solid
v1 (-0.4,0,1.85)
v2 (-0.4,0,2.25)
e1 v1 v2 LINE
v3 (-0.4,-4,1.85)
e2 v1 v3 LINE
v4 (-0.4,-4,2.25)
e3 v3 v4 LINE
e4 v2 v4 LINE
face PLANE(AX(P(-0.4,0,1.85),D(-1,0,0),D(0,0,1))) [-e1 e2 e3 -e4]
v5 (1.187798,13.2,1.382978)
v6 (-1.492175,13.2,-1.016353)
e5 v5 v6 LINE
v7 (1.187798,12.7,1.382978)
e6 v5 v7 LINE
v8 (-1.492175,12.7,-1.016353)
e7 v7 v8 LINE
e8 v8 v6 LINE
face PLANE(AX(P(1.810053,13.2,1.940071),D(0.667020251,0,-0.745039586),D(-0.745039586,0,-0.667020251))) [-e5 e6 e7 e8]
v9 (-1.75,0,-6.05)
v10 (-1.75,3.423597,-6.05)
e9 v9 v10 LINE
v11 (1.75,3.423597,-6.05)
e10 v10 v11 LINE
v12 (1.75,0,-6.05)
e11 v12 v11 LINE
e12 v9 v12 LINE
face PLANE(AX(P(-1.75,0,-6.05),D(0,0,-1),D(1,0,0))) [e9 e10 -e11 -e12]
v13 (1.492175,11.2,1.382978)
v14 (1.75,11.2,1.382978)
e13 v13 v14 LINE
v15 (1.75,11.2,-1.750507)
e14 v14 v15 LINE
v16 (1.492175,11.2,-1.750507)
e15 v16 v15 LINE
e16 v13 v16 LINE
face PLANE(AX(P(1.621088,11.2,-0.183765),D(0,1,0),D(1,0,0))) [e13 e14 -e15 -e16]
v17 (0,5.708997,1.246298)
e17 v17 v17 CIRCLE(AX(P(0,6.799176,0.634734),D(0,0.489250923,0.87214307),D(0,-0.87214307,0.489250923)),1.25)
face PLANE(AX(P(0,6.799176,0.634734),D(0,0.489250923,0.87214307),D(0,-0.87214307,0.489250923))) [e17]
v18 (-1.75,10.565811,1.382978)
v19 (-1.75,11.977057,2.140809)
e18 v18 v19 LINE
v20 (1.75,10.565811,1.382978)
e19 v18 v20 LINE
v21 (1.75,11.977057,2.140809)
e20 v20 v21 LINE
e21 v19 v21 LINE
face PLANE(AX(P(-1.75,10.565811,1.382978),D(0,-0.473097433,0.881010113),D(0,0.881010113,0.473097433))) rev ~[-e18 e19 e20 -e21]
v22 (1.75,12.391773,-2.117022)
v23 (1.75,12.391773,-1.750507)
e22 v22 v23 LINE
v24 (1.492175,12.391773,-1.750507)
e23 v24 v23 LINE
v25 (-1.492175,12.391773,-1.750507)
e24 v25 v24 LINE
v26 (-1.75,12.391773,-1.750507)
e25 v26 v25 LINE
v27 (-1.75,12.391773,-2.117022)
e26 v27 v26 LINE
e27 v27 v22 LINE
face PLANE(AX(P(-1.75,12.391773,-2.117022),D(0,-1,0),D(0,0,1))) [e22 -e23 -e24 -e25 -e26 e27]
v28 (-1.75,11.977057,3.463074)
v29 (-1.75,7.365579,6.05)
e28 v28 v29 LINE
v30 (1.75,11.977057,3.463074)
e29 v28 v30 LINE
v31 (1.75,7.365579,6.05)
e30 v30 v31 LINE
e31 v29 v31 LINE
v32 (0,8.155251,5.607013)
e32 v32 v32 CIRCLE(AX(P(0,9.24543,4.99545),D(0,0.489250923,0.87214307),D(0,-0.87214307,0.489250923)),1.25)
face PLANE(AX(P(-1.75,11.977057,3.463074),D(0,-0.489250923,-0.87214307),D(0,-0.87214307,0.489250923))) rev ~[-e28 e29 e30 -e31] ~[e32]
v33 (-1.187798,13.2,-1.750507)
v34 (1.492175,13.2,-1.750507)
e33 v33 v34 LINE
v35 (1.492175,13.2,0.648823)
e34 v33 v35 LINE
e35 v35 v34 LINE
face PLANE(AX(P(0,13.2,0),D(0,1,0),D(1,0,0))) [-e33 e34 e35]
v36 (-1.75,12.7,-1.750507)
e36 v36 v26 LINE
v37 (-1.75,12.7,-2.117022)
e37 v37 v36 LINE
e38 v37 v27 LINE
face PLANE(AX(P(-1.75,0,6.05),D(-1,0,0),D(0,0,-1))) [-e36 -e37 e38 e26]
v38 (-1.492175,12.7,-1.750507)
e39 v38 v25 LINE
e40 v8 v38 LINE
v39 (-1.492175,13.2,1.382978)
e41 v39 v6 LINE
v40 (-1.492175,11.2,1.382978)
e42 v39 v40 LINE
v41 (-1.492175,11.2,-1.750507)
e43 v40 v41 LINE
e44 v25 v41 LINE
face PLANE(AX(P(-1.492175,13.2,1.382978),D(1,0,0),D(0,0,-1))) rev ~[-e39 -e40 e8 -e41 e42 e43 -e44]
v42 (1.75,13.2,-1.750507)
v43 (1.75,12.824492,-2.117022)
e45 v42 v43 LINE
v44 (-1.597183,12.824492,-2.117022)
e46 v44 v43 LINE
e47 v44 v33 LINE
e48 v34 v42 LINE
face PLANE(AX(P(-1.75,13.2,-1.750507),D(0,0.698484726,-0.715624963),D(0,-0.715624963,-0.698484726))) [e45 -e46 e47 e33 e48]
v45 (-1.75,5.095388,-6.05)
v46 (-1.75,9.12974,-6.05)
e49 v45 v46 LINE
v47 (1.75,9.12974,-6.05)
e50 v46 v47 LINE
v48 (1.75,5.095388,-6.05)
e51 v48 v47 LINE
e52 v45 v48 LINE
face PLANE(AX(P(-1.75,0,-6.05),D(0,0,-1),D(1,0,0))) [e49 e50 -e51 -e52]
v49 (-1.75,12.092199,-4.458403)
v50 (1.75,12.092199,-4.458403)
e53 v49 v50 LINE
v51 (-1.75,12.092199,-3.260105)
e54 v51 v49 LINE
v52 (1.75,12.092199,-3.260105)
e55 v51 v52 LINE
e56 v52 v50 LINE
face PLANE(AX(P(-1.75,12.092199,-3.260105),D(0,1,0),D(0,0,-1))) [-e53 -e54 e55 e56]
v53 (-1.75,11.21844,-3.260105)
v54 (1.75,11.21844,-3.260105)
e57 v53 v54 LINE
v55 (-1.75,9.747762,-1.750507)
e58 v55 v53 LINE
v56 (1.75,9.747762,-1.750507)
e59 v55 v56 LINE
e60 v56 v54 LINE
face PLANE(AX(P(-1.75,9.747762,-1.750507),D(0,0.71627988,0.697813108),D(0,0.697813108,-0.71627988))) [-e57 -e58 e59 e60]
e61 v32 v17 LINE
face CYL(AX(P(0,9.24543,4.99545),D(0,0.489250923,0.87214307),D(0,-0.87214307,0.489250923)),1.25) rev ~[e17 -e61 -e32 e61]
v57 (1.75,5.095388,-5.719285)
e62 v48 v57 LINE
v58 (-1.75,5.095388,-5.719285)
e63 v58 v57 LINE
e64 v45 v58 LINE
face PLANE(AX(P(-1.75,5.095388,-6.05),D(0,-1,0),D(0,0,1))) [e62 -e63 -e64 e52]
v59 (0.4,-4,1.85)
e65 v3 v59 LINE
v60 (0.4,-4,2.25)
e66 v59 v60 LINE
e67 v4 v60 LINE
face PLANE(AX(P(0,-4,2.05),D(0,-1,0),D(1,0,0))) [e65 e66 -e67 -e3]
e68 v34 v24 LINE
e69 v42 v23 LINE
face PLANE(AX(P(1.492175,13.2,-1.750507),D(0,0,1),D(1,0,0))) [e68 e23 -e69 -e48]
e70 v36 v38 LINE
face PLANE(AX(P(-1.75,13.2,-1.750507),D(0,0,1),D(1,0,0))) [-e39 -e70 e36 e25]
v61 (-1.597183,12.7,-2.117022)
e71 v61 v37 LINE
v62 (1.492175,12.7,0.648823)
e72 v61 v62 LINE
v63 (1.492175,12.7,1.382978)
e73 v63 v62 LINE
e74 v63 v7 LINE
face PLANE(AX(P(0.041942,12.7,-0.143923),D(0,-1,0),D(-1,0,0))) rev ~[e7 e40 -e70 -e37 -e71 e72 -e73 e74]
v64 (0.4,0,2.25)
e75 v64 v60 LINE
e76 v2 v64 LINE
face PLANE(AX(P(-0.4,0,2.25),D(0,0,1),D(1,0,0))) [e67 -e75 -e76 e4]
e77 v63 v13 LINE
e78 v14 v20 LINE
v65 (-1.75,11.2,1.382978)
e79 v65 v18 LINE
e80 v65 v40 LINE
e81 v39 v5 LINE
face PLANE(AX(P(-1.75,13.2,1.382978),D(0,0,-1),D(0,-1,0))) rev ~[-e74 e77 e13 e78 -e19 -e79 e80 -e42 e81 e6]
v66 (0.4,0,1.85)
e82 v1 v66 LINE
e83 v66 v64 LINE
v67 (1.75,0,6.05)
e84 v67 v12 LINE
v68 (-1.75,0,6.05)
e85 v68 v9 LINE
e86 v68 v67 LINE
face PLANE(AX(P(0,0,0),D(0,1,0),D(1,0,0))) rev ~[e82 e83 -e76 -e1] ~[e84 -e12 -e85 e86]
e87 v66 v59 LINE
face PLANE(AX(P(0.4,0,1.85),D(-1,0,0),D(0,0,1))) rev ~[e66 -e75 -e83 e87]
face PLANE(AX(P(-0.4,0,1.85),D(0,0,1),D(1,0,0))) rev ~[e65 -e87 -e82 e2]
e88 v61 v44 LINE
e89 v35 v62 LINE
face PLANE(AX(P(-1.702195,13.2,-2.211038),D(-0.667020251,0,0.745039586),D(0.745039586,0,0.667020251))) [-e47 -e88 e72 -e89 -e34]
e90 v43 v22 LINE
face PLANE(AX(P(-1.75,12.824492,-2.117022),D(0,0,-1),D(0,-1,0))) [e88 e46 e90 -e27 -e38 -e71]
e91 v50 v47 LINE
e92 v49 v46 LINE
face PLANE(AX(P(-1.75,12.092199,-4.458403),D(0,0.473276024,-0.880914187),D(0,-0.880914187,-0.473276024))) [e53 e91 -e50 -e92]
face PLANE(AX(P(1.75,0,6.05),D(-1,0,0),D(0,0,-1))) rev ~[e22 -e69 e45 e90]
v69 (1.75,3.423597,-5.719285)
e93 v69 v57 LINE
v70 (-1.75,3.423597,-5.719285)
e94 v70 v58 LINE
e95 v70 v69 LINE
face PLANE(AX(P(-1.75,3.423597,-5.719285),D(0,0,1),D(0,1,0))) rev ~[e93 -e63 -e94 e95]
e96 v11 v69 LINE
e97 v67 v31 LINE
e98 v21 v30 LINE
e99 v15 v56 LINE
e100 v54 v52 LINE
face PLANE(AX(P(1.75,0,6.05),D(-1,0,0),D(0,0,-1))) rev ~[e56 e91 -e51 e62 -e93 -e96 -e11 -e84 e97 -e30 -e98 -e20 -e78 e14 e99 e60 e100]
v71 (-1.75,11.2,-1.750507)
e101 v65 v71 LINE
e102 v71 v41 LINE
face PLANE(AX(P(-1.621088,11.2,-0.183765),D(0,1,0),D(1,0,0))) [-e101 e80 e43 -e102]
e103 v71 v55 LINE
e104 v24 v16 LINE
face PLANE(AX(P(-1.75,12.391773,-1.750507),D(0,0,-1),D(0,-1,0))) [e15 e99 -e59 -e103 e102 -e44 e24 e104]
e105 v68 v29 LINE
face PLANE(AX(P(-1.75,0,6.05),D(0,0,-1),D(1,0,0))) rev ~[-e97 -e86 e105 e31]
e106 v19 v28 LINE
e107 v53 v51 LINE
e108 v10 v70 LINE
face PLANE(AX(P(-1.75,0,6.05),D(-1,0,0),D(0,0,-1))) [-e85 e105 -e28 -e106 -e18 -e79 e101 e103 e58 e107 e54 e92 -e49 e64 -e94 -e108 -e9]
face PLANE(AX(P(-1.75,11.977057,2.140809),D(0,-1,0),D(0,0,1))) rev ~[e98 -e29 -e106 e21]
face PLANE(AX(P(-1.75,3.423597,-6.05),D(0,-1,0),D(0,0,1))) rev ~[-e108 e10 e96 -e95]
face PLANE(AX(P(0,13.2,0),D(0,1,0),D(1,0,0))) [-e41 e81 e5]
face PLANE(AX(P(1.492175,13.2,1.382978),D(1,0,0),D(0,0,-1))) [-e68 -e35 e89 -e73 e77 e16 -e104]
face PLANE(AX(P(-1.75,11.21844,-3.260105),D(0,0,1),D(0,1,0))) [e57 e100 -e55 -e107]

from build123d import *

# Parameters (mm, degrees)
SKETCH_1_W          = 3.5
SKETCH_1_H          = 12.1
EXTRUDE_1_DEPTH     = 13.2
SKETCH_2_W          = 0.330714911
SKETCH_2_H          = 1.671791026
CUT_EXTRUDE_1_DEPTH = 13.2
SKETCH_8_W          = 0.257824974
SKETCH_8_H          = 3.133485684
CUT_EXTRUDE_4_DEPTH = 2
SKETCH_4_R          = 1.25
CUT_EXTRUDE_2_DEPTH = 5
CUT_EXTRUDE_3_DEPTH = 0.5
SKETCH_6_W          = 0.8
SKETCH_6_H          = 0.4
EXTRUDE_1424_DEPTH  = 4


with BuildPart() as part:
    # 草图1 → 凸台-拉伸1 (new body)
    with BuildSketch(Plane(origin=(0, 0, 0), x_dir=(1, 0, 0), z_dir=(0, 1, 0))):
        Rectangle(SKETCH_1_W, SKETCH_1_H)
    extrude(amount=EXTRUDE_1_DEPTH)

    # 草图2 → 切除-拉伸1 (cut)
    with BuildSketch(Plane.ZY.offset(1.75)):
        with Locations((-5.884642545, 4.259492563)):
            Rectangle(SKETCH_2_W, SKETCH_2_H)
        Polygon((-4.4584027, 12.092198582), (-6.05, 9.129739953), (-6.05, 13.2), (-1.750507475, 13.2), (-2.117021791, 12.824491726), (-2.117021791, 12.39177305), (-1.750507475, 12.39177305), (-1.750507475, 9.747762053), (-3.260104827, 11.218439716), (-3.260104827, 12.092198582), align=None)
        Polygon((1.382978209, 13.2), (1.382978209, 10.565811036), (2.140809297, 11.977057019), (3.463073776, 11.977057019), (6.05, 7.365579196), (6.05, 13.2), align=None)
    extrude(amount=-CUT_EXTRUDE_1_DEPTH, mode=Mode.SUBTRACT)

    # 草图8 → 切除-拉伸4 (cut)
    with BuildSketch(Plane(origin=(0, 13.2, 0), x_dir=(1, 0, 0), z_dir=(0, 1, 0))):
        with Locations((1.621087513, 0.183764633)):
            Rectangle(SKETCH_8_W, SKETCH_8_H)
        with Locations((-1.621087513, 0.183764633)):
            Rectangle(SKETCH_8_W, SKETCH_8_H)
    extrude(amount=-CUT_EXTRUDE_4_DEPTH, mode=Mode.SUBTRACT)

    # 草图4 → 切除-拉伸2 (cut)
    with BuildSketch(Plane(origin=(0, 4.344588307, 7.744701971), x_dir=(1, 0, 0), z_dir=(0, 0.4892509225965462, 0.8721430701085852))):
        with Locations(Location((0, 5.619309483, 0), (0, 0, 270))):
            Circle(SKETCH_4_R)
    extrude(amount=-CUT_EXTRUDE_2_DEPTH, mode=Mode.SUBTRACT)

    # 草图5 → 切除-拉伸3 (cut)
    with BuildSketch(Plane(origin=(0, 13.2, 0), x_dir=(1, 0, 0), z_dir=(0, 1, 0))):
        Polygon((-2.244287714, 1.689705222), (-1.702195493, 2.211037938), (2.310317802, -1.381291481), (1.810052614, -1.94007117), align=None)
    extrude(amount=-CUT_EXTRUDE_3_DEPTH, mode=Mode.SUBTRACT)

    # 草图6 → Extrude 1424 (add)
    with BuildSketch(Plane.XZ):
        with Locations((0, 2.05)):
            Rectangle(SKETCH_6_W, SKETCH_6_H)
    extrude(amount=EXTRUDE_1424_DEPTH)


solid = part.part
